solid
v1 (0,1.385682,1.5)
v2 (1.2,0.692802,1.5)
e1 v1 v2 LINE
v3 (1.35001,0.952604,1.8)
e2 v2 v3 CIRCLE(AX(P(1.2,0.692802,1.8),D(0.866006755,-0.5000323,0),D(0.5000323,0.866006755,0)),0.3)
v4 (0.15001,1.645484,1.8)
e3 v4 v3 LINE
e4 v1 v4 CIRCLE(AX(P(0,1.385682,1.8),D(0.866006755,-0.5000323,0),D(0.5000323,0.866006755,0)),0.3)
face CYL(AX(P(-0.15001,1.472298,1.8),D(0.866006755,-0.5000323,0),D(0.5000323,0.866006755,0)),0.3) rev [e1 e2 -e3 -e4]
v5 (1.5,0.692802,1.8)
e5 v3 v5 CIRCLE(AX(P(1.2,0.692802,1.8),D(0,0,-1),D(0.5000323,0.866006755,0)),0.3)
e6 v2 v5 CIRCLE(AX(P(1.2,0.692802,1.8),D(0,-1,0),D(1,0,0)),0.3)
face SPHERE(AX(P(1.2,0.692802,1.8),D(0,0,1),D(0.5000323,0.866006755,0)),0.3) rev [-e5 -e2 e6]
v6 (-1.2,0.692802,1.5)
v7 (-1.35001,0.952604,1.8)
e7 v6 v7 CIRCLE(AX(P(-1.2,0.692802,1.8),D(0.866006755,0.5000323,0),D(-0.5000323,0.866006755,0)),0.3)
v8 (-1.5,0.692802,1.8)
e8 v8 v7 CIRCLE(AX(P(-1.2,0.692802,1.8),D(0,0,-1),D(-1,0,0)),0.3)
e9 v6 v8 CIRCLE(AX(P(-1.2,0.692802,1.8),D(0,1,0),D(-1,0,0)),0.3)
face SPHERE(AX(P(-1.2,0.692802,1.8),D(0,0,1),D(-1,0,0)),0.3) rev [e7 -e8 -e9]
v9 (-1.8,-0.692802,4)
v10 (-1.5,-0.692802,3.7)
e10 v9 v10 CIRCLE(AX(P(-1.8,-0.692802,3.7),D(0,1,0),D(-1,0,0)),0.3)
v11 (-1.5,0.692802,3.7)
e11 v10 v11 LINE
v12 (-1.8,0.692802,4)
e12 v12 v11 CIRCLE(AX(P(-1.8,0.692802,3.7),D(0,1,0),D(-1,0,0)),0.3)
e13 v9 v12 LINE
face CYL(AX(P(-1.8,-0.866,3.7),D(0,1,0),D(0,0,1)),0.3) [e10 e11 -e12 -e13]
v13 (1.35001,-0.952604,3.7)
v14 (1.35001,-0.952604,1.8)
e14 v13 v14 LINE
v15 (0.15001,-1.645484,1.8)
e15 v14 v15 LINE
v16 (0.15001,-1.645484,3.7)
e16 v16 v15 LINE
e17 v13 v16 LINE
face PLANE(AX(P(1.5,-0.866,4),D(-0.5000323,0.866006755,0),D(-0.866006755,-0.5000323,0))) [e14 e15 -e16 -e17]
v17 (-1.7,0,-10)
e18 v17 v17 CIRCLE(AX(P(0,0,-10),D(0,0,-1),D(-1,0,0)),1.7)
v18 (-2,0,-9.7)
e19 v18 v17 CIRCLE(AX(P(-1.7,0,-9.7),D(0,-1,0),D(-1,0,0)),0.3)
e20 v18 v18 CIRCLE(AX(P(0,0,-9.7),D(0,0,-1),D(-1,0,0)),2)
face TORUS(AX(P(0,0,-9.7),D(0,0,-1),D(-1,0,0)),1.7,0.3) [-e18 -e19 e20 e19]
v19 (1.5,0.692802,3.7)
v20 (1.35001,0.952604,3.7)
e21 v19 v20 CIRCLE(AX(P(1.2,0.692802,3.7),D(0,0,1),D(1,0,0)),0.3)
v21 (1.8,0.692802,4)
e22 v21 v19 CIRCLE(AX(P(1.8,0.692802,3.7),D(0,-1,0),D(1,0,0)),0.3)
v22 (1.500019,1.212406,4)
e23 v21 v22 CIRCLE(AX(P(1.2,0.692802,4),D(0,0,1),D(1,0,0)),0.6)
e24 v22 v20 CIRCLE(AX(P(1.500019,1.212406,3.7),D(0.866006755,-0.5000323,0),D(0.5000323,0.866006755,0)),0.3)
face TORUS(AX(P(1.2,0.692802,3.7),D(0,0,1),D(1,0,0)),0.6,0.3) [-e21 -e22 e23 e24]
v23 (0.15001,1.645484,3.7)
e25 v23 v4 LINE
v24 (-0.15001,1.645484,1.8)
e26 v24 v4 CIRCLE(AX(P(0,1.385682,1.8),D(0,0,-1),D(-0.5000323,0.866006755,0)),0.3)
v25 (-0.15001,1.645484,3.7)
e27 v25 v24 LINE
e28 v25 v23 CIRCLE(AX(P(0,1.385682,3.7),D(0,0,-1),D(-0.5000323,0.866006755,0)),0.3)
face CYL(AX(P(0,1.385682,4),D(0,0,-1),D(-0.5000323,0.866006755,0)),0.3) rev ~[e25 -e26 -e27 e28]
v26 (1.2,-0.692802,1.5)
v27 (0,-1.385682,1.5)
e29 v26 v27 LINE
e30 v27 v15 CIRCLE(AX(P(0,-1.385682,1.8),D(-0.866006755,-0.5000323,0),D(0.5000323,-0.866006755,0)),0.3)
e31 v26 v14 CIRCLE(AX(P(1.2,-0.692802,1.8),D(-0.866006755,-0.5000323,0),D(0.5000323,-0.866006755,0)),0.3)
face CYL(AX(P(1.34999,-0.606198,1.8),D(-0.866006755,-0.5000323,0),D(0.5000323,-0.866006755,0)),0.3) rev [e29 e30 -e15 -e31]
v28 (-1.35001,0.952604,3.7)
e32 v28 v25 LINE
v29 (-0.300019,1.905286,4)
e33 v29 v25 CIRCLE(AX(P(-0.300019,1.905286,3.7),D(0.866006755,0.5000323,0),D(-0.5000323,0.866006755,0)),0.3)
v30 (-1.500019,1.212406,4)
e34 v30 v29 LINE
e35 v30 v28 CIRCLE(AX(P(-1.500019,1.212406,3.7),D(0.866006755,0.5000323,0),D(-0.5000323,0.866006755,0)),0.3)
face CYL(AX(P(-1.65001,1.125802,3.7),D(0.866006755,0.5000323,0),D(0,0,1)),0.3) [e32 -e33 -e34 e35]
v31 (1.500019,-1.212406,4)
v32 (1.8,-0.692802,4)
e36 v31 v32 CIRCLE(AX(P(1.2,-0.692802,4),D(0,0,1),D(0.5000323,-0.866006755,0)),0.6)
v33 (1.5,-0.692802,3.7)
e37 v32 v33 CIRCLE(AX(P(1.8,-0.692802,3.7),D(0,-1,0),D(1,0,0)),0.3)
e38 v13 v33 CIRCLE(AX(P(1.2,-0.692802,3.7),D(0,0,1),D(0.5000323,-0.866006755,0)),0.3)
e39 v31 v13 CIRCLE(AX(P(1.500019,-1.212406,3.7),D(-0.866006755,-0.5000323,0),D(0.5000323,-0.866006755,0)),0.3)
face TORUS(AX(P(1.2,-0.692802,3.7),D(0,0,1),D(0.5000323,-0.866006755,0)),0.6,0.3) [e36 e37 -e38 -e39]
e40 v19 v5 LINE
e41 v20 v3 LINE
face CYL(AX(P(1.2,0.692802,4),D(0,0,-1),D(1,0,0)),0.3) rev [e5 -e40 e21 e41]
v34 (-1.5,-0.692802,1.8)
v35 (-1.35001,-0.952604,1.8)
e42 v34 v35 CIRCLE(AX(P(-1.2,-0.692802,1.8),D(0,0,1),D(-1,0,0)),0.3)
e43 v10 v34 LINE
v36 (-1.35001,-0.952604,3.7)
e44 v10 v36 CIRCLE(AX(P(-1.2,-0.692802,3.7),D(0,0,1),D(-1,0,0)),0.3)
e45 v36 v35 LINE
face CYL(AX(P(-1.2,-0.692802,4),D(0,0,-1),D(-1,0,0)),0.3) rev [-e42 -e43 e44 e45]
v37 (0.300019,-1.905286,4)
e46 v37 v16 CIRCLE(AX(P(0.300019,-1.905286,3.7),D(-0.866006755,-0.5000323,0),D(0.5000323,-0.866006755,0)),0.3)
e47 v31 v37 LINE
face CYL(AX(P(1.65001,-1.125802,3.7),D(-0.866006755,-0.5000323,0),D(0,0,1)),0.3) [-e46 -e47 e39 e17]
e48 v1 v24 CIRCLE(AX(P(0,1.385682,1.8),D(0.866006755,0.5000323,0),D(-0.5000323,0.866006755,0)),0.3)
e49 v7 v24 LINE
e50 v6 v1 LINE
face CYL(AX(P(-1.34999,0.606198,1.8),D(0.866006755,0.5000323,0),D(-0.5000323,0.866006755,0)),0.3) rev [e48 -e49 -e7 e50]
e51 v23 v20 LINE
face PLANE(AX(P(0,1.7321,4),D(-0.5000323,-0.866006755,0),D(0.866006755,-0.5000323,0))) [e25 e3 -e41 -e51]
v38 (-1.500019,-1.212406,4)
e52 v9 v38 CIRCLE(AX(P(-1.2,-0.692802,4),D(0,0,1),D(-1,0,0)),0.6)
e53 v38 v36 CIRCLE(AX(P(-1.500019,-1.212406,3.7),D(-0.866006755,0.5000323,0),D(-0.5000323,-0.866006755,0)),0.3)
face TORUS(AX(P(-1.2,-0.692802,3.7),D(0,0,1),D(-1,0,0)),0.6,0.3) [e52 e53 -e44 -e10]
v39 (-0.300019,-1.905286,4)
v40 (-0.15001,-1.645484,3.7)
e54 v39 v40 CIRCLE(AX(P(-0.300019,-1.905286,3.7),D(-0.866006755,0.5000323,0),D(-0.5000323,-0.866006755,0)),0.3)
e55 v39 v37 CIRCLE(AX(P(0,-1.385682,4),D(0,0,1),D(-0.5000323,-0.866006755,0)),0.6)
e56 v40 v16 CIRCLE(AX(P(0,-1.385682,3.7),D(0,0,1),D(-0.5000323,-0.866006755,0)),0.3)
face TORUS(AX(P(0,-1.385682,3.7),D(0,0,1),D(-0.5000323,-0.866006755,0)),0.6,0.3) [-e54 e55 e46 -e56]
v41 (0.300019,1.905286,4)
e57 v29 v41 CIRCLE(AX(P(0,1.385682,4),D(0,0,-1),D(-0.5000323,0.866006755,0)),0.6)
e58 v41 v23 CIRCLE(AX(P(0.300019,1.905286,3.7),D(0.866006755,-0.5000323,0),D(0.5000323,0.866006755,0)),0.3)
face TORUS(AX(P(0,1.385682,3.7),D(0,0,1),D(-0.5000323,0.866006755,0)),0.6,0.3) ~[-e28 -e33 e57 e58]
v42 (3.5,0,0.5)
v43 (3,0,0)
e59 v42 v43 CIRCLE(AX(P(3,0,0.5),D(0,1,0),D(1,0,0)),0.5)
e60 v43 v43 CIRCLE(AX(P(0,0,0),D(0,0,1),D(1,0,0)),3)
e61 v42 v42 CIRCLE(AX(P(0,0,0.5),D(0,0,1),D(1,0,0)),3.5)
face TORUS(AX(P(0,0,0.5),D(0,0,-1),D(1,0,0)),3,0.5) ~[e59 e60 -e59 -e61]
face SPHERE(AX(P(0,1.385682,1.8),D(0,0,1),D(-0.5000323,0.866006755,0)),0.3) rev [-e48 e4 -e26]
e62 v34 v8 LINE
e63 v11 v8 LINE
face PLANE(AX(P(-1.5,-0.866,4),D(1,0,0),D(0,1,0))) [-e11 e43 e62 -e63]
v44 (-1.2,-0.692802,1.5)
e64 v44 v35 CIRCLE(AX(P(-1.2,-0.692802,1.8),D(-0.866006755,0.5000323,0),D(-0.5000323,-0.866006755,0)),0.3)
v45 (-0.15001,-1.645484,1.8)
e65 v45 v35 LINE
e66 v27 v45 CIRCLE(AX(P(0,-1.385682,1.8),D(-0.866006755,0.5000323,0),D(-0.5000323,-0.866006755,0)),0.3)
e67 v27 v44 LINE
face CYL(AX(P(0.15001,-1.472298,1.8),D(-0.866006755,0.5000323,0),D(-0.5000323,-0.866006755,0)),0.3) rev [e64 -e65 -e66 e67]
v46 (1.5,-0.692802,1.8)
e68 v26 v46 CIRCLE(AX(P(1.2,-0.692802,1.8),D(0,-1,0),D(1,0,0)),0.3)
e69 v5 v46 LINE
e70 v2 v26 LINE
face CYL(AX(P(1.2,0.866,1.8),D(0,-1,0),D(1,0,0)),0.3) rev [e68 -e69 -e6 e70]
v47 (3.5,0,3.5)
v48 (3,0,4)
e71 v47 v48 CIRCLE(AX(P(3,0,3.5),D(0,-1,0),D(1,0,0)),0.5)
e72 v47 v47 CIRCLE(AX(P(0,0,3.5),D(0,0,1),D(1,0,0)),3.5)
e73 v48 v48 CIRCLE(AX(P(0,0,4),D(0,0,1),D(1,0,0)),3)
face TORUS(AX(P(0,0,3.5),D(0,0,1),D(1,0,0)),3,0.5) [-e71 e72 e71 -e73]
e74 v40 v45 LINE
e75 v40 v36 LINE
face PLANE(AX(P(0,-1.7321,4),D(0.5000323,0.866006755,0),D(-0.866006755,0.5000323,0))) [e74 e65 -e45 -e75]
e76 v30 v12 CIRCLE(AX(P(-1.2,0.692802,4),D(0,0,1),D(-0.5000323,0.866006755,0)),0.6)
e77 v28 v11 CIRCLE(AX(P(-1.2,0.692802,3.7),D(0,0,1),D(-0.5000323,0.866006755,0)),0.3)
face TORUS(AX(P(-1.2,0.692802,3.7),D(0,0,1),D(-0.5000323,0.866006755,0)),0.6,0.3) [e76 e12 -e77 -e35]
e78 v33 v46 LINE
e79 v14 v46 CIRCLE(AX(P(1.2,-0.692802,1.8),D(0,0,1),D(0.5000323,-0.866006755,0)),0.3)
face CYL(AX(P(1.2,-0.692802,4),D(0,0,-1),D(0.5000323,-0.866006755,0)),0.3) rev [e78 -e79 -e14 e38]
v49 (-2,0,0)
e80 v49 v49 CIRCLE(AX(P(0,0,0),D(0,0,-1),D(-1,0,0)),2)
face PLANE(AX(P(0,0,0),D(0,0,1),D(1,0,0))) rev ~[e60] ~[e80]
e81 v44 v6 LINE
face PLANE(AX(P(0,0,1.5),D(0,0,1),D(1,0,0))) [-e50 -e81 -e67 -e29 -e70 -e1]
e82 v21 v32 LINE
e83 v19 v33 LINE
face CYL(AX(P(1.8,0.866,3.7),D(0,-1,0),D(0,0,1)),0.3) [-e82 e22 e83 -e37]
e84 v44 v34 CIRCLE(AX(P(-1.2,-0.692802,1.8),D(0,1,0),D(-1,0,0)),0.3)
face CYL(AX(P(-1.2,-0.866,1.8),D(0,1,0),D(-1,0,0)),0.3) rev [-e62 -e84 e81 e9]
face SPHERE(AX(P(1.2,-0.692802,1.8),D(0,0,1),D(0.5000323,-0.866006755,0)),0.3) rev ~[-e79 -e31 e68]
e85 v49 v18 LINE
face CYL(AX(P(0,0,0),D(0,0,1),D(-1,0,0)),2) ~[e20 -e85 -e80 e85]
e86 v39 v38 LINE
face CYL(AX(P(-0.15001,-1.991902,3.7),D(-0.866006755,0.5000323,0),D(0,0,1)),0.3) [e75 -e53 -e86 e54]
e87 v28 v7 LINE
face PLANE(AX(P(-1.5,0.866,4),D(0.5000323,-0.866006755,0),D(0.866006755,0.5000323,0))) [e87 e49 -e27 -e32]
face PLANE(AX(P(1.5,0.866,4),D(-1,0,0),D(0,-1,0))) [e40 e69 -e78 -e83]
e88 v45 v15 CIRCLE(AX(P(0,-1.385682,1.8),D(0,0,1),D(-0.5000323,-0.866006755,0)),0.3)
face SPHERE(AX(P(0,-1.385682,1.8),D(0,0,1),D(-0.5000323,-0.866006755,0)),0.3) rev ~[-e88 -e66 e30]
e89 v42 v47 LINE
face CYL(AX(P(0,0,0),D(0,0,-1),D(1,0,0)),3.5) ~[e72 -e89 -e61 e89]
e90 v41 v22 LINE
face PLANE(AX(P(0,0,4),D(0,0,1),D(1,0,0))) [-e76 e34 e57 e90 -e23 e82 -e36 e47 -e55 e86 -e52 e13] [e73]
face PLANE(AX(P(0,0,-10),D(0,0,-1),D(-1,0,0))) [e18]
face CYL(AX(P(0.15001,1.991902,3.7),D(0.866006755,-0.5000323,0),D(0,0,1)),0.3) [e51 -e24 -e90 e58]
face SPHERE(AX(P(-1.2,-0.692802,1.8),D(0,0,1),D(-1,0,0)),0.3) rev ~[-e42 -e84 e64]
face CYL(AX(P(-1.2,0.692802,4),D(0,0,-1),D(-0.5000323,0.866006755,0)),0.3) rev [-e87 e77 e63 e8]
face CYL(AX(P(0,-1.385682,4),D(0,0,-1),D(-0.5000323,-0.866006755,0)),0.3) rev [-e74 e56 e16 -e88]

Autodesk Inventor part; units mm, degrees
ref_plane "YZ Plane" through (0, 0, 0) normal (1, 0, 0) x (0, 1, 0)
ref_plane "XZ Plane" through (0, 0, 0) normal (0, 1, 0) x (-1, 0, 0)
ref_plane "XY Plane" through (0, 0, 0) normal (0, 0, 1) x (1, 0, 0)
sketch "スケッチ1" plane through (0, 0, 0) normal (0, 0, 1) x (1, 0, 0)
  circle A0 centre (0, 0) radius 3.5
  dimension "d0" = 7
extrude "押し出し1" add sketch "スケッチ1" along normal blind 4
sketch "スケッチ2" plane through (0, 0, 0) normal (0, 0, -1) x (-1, 0, 0)
  circle A0 centre (0, 0) radius 3.5 projected
  circle A1 centre (0, 0) radius 2
  dimension "d3" = 4
extrude "押し出し2" add sketch "スケッチ2" along normal blind 10 contours A1
sketch "スケッチ3" plane through (0, 0, 4) normal (0, 0, 1) x (1, 0, 0)
  circle A0 centre (0, 0) radius 3.5 projected
  line L0 (0, 1.7321) -> (1.5, 0.866)
  line L1 (1.5, 0.866) -> (1.5, -0.866)
  line L2 (1.5, -0.866) -> (0, -1.7321)
  line L3 (0, -1.7321) -> (-1.5, -0.866)
  line L4 (-1.5, -0.866) -> (-1.5, 0.866)
  line L5 (-1.5, 0.866) -> (0, 1.7321)
  dimension "d6" = 1.5
extrude "押し出し3" cut sketch "スケッチ3" against normal blind 2.5 contours L0 L1 L2 L3 L4 L5
thread "ねじ1" size "M4x0.7" class "6g" standard "ANSI Metric M Profile" full length
fillet "フィレット1" radius 0.5 2 edges at (-3.5, 0, 4) (-3.5, 0, 0)
fillet "フィレット2" radius 0.3 19 edges at (-0.75, 1.299, 4) (-1.5, 0, 4) (-0.75, -1.299, 4) (0.75, -1.299, 4) (1.5, 0, 4) (0.75, 1.299, 4) (-0.75, 1.299, 1.5) (0.75, 1.299, 1.5) (0, 1.7321, 2.75) (-1.5, 0.866, 2.75) (-0.75, -1.299, 1.5) (-1.5, -0.866, 2.75) (-1.5, 0, 1.5) (1.5, 0, 1.5) (1.5, 0.866, 2.75) (1.5, -0.866, 2.75) (0.75, -1.299, 1.5) (0, -1.7321, 2.75) (2, 0, -10)
